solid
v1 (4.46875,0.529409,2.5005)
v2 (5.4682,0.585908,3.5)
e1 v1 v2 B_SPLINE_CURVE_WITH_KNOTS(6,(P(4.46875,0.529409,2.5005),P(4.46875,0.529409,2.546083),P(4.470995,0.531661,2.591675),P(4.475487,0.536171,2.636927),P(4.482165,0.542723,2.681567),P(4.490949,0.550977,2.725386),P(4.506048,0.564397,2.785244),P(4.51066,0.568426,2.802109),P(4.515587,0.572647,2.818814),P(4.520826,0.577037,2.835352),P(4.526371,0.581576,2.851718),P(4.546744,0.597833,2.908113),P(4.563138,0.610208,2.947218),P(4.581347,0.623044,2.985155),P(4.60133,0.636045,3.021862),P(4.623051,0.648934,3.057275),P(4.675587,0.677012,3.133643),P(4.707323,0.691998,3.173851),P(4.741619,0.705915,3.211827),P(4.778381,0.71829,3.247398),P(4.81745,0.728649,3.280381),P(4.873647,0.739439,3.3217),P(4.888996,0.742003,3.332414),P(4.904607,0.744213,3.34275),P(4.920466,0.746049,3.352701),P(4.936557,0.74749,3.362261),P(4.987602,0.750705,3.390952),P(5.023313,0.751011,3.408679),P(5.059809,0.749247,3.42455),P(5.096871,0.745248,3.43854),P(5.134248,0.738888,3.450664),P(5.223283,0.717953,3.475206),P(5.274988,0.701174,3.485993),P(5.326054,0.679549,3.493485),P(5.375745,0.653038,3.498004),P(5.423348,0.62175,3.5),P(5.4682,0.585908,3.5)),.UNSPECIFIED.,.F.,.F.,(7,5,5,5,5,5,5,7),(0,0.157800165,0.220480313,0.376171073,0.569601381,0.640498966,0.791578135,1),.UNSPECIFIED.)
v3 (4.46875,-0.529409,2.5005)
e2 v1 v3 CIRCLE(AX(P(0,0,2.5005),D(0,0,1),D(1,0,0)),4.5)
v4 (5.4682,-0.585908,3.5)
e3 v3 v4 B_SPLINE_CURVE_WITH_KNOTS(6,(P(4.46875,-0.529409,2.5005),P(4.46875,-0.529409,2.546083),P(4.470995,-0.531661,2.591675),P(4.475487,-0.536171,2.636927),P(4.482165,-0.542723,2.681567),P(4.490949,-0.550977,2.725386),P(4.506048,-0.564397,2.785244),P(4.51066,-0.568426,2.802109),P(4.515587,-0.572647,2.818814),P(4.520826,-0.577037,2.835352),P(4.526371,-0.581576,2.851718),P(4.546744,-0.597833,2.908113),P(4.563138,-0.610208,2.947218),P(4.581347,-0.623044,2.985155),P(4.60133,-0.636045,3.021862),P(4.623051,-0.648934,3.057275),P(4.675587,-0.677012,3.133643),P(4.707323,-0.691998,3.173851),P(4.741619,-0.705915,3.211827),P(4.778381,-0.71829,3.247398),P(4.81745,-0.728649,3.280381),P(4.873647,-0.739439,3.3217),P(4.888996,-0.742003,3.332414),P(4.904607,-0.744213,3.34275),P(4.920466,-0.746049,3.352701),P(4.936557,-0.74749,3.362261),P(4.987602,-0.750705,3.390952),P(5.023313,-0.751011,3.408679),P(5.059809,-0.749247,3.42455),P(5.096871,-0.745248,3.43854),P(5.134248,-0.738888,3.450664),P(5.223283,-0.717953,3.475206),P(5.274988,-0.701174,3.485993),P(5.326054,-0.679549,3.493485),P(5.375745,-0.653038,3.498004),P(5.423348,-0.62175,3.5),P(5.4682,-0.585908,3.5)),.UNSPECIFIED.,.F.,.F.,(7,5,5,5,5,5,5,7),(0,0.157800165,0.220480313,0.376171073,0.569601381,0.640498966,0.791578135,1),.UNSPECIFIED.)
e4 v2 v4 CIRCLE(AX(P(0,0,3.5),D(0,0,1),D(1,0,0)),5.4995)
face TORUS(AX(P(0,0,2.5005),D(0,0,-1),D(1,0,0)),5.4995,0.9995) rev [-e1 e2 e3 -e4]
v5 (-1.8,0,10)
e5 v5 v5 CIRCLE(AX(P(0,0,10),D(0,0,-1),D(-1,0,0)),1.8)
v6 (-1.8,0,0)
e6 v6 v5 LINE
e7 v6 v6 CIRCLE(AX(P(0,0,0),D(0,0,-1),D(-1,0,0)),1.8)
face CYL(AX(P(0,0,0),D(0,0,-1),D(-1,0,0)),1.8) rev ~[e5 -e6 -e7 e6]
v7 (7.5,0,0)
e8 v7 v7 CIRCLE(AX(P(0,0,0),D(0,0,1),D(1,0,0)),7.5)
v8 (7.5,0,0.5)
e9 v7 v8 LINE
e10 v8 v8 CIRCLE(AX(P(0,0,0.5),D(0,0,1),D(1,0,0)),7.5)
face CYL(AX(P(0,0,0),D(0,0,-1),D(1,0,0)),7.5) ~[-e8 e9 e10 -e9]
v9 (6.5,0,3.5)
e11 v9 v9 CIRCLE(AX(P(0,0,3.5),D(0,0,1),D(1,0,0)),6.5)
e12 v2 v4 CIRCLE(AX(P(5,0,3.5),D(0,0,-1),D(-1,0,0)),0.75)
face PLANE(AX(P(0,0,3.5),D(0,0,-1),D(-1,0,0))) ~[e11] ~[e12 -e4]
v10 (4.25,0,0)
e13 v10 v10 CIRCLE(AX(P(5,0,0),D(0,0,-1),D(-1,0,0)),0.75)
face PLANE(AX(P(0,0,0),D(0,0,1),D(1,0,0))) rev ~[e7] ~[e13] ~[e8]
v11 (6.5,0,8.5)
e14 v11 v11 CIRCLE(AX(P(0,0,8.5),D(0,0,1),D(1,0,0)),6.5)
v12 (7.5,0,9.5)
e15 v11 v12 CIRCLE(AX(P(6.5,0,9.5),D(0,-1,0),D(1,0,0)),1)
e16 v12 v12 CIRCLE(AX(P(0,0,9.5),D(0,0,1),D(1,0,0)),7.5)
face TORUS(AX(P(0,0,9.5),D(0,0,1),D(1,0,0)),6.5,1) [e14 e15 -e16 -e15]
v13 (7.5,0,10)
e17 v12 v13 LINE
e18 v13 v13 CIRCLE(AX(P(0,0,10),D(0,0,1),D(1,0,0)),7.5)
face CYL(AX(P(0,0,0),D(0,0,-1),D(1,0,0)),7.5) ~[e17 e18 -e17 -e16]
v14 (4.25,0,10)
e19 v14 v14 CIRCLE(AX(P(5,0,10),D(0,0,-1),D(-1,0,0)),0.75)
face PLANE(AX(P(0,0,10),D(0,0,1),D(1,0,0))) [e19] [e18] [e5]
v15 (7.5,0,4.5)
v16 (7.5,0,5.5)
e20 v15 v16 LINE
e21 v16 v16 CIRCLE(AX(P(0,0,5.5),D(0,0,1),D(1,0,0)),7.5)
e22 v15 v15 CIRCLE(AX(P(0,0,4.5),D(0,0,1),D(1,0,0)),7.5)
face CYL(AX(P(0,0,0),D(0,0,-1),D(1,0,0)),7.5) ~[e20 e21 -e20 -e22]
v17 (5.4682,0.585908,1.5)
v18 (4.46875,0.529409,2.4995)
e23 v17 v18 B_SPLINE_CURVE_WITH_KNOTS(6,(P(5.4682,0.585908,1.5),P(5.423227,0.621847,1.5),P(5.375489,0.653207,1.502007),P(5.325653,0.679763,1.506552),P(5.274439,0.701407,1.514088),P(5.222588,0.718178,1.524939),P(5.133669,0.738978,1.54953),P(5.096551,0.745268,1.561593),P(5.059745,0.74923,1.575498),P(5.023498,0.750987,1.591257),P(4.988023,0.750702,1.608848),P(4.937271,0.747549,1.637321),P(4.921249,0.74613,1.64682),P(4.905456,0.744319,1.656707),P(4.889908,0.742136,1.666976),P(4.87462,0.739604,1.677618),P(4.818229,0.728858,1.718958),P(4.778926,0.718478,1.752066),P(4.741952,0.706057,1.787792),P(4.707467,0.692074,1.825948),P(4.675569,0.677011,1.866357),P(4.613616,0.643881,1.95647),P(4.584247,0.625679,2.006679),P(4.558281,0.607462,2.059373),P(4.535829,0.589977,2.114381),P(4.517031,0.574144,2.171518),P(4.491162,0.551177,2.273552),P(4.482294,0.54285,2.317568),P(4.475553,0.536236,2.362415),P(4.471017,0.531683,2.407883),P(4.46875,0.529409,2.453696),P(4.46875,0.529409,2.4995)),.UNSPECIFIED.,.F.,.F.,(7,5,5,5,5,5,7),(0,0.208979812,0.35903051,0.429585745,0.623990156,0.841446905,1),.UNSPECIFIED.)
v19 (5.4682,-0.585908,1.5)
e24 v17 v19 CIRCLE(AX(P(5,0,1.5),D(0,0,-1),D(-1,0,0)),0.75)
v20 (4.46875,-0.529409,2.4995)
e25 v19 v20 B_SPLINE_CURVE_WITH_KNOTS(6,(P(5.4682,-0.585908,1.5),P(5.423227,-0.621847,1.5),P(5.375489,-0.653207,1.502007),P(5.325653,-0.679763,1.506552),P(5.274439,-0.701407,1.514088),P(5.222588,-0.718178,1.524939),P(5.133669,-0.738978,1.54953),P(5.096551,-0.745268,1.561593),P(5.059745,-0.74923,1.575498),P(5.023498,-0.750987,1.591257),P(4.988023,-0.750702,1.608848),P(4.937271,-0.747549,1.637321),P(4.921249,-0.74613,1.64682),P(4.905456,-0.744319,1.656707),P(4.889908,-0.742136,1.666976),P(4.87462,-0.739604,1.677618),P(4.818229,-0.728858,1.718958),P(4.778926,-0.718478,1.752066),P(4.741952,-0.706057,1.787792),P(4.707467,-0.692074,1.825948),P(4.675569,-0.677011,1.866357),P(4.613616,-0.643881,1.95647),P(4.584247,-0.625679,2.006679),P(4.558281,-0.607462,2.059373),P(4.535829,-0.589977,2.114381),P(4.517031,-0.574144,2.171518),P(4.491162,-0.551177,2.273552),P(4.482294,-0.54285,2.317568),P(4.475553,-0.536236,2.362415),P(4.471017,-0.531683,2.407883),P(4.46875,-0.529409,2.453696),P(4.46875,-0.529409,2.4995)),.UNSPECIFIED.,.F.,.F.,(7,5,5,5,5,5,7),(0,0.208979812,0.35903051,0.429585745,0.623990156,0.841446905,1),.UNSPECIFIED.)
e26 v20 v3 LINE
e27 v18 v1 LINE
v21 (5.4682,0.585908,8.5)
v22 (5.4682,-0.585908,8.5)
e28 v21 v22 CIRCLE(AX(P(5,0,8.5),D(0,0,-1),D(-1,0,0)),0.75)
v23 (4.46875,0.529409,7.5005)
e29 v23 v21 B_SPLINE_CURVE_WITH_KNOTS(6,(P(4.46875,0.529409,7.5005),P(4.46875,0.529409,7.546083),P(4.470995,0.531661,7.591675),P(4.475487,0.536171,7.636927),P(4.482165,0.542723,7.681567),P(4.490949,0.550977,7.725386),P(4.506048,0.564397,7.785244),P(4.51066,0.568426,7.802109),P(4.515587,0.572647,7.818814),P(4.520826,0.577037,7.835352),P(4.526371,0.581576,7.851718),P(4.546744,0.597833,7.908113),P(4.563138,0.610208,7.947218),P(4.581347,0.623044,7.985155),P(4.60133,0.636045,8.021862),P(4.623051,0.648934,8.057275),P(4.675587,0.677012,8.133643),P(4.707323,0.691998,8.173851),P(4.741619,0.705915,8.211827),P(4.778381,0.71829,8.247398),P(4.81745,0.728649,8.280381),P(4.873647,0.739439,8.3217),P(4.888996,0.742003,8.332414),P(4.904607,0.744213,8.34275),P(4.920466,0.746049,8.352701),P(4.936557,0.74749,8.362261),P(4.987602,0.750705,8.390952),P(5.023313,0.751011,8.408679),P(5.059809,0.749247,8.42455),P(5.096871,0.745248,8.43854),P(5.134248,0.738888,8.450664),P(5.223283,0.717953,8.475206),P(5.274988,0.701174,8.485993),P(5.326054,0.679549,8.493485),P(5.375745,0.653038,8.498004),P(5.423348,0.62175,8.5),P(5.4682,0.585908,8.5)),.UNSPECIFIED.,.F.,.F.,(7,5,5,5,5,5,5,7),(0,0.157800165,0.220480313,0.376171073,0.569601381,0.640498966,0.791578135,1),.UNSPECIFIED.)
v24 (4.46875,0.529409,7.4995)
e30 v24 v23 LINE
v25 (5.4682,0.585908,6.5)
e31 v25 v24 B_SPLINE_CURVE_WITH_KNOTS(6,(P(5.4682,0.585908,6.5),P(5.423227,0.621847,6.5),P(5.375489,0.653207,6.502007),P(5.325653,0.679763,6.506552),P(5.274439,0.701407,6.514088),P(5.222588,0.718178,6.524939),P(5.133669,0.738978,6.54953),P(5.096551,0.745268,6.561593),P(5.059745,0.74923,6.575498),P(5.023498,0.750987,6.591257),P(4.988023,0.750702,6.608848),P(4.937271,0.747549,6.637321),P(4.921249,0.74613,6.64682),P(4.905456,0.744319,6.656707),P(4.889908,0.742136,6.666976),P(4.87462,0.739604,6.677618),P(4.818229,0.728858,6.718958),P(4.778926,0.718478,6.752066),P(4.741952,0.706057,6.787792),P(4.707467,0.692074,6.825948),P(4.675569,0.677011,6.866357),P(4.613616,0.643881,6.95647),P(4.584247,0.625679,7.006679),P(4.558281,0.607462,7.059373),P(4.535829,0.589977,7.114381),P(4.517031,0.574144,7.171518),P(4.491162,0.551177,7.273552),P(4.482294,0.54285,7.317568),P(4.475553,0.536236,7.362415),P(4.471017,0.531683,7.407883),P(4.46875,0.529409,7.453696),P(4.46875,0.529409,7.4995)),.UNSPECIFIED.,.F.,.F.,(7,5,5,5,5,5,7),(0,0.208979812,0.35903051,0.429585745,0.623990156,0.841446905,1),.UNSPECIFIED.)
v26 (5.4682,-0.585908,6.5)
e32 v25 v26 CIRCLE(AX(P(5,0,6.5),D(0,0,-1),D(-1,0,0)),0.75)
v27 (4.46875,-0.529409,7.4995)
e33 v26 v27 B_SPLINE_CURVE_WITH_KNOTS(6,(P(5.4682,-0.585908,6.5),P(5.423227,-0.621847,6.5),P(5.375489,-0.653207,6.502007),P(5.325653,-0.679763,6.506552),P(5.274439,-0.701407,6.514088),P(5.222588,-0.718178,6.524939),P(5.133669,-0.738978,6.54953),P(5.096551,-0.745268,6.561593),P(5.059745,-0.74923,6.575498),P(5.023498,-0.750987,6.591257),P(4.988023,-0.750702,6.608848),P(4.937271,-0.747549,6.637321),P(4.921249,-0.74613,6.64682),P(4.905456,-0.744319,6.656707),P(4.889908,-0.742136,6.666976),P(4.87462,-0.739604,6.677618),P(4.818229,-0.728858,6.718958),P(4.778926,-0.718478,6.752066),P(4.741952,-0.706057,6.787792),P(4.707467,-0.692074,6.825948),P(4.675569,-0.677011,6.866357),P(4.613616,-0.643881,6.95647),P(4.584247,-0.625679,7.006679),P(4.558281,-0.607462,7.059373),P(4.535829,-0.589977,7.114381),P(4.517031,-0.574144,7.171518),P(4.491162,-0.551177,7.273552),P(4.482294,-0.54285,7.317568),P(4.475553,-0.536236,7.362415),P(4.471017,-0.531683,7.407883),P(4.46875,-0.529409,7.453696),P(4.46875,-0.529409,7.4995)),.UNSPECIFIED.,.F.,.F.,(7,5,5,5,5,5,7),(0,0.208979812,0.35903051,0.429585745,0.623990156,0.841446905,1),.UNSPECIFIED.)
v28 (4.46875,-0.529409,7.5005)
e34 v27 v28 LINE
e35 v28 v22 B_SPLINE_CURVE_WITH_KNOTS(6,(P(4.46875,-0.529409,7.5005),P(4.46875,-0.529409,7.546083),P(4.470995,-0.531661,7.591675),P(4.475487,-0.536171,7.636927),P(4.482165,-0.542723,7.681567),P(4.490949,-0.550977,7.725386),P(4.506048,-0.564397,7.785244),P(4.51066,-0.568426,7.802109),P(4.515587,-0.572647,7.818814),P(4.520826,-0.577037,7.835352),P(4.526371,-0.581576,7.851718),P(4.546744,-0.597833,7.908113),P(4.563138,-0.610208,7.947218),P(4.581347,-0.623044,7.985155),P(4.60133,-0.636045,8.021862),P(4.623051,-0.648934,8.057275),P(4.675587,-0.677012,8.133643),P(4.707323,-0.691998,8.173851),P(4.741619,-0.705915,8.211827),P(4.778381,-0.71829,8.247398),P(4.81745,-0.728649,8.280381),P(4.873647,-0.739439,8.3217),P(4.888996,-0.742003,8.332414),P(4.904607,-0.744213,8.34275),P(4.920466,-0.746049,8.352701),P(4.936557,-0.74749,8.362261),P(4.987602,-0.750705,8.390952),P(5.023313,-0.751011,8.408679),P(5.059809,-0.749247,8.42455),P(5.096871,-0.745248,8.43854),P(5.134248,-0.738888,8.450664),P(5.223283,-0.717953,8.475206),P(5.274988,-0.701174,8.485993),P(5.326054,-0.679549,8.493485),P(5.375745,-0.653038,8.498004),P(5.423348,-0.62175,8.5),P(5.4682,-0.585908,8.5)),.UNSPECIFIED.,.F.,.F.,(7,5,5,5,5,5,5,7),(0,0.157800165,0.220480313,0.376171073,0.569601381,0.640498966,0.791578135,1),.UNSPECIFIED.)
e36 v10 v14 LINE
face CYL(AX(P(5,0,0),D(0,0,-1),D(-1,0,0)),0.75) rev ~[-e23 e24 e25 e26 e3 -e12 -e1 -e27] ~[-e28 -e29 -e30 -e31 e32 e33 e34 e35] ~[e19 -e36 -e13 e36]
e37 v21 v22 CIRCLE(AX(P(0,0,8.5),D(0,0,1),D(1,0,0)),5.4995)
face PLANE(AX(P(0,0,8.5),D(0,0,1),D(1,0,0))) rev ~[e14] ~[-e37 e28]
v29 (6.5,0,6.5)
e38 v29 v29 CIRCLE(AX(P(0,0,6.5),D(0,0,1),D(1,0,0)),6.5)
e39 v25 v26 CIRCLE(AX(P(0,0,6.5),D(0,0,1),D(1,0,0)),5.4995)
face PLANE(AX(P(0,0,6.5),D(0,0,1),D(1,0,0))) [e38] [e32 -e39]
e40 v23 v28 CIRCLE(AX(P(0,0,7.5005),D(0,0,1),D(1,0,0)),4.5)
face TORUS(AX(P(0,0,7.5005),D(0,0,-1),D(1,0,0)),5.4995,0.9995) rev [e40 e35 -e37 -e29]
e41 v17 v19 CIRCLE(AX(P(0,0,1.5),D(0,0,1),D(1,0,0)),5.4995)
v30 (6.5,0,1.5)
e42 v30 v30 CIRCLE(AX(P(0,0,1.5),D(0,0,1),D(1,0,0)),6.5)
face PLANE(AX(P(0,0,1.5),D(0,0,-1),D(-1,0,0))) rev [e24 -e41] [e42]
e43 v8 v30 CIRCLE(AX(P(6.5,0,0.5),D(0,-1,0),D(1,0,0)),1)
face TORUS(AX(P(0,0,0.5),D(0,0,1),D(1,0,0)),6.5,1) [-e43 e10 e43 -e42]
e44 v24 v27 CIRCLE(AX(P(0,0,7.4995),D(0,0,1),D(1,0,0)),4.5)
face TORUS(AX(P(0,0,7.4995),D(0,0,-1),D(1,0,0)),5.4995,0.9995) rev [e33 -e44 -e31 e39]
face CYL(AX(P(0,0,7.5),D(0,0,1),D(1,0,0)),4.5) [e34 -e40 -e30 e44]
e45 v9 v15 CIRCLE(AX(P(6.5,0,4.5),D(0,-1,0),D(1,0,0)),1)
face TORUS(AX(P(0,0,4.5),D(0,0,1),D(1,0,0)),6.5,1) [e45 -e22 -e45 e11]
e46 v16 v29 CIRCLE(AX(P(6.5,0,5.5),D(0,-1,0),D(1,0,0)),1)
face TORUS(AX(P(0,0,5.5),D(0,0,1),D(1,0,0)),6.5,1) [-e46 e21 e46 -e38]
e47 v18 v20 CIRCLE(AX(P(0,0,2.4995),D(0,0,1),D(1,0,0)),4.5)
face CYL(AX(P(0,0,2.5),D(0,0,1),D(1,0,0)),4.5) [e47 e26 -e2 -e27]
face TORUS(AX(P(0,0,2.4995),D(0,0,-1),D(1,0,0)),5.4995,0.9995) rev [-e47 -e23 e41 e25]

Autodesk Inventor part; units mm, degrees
ref_plane "YZ Plane" through (0, 0, 0) normal (1, 0, 0) x (0, 1, 0)
ref_plane "XZ Plane" through (0, 0, 0) normal (0, 1, 0) x (-1, 0, 0)
ref_plane "XY Plane" through (0, 0, 0) normal (0, 0, 1) x (1, 0, 0)
sketch "Sketch1" plane through (0, 0, 0) normal (0, 0, 1) x (1, 0, 0)
  circle A0 centre (0, 0) radius 7.5
  dimension "d0" = 15
extrude "Extrusion1" add sketch "Sketch1" along normal blind 10
ref_plane "Work Plane2" through (0, 0, 7.5) normal (0, 0, 1) x (1, 0, 0)
ref_plane "Work Plane1" through (0, 0, 5) normal (0, 0, 1) x (1, 0, 0)
sketch "Sketch2" plane through (0, 0, 7.5) normal (0, 0, 1) x (1, 0, 0)
  circle A0 centre (0, 0) radius 7.5
  circle A1 centre (0, 0) radius 4.5
  dimension "d3" = 9
  dimension "d4" = 15
extrude "Extrusion2" cut sketch "Sketch2" along normal mid plane 2
mirror "Mirror1" about plane through (0, 0, 5) normal (0, 0, 1) of "Extrusion2"
fillet "Fillet1" radius 1 4 edges at (-7.5, 0, 6.5) (-7.5, 0, 8.5) (-7.5, 0, 3.5) (-7.5, 0, 1.5)
fillet "Fillet2" radius 1 4 edges at (-4.5, 0, 6.5) (-4.5, 0, 8.5) (-4.5, 0, 3.5) (-4.5, 0, 1.5)
sketch "Sketch3" plane through (0, 0, 0) normal (0, 0, -1) x (-1, 0, 0)
  point P0 (0, 0)
sketch "Sketch4" plane through (0, 0, 0) normal (0, 0, -1) x (-1, 0, 0)
  circle A0 centre (0, 0) radius 1.8
  dimension "d11" = 3.6
extrude "Extrusion3" cut sketch "Sketch4" against normal blind 10
sketch "Sketch5" plane through (0, 0, 0) normal (0, 0, -1) x (-1, 0, 0)
  circle A0 centre (-5, 0) radius 0.75
  point P0 (0, 0)
  dimension "d16" = 1.5
  dimension "d19" = 5
extrude "Extrusion4" cut sketch "Sketch5" against normal blind 10
properties part number "MotorPully"
